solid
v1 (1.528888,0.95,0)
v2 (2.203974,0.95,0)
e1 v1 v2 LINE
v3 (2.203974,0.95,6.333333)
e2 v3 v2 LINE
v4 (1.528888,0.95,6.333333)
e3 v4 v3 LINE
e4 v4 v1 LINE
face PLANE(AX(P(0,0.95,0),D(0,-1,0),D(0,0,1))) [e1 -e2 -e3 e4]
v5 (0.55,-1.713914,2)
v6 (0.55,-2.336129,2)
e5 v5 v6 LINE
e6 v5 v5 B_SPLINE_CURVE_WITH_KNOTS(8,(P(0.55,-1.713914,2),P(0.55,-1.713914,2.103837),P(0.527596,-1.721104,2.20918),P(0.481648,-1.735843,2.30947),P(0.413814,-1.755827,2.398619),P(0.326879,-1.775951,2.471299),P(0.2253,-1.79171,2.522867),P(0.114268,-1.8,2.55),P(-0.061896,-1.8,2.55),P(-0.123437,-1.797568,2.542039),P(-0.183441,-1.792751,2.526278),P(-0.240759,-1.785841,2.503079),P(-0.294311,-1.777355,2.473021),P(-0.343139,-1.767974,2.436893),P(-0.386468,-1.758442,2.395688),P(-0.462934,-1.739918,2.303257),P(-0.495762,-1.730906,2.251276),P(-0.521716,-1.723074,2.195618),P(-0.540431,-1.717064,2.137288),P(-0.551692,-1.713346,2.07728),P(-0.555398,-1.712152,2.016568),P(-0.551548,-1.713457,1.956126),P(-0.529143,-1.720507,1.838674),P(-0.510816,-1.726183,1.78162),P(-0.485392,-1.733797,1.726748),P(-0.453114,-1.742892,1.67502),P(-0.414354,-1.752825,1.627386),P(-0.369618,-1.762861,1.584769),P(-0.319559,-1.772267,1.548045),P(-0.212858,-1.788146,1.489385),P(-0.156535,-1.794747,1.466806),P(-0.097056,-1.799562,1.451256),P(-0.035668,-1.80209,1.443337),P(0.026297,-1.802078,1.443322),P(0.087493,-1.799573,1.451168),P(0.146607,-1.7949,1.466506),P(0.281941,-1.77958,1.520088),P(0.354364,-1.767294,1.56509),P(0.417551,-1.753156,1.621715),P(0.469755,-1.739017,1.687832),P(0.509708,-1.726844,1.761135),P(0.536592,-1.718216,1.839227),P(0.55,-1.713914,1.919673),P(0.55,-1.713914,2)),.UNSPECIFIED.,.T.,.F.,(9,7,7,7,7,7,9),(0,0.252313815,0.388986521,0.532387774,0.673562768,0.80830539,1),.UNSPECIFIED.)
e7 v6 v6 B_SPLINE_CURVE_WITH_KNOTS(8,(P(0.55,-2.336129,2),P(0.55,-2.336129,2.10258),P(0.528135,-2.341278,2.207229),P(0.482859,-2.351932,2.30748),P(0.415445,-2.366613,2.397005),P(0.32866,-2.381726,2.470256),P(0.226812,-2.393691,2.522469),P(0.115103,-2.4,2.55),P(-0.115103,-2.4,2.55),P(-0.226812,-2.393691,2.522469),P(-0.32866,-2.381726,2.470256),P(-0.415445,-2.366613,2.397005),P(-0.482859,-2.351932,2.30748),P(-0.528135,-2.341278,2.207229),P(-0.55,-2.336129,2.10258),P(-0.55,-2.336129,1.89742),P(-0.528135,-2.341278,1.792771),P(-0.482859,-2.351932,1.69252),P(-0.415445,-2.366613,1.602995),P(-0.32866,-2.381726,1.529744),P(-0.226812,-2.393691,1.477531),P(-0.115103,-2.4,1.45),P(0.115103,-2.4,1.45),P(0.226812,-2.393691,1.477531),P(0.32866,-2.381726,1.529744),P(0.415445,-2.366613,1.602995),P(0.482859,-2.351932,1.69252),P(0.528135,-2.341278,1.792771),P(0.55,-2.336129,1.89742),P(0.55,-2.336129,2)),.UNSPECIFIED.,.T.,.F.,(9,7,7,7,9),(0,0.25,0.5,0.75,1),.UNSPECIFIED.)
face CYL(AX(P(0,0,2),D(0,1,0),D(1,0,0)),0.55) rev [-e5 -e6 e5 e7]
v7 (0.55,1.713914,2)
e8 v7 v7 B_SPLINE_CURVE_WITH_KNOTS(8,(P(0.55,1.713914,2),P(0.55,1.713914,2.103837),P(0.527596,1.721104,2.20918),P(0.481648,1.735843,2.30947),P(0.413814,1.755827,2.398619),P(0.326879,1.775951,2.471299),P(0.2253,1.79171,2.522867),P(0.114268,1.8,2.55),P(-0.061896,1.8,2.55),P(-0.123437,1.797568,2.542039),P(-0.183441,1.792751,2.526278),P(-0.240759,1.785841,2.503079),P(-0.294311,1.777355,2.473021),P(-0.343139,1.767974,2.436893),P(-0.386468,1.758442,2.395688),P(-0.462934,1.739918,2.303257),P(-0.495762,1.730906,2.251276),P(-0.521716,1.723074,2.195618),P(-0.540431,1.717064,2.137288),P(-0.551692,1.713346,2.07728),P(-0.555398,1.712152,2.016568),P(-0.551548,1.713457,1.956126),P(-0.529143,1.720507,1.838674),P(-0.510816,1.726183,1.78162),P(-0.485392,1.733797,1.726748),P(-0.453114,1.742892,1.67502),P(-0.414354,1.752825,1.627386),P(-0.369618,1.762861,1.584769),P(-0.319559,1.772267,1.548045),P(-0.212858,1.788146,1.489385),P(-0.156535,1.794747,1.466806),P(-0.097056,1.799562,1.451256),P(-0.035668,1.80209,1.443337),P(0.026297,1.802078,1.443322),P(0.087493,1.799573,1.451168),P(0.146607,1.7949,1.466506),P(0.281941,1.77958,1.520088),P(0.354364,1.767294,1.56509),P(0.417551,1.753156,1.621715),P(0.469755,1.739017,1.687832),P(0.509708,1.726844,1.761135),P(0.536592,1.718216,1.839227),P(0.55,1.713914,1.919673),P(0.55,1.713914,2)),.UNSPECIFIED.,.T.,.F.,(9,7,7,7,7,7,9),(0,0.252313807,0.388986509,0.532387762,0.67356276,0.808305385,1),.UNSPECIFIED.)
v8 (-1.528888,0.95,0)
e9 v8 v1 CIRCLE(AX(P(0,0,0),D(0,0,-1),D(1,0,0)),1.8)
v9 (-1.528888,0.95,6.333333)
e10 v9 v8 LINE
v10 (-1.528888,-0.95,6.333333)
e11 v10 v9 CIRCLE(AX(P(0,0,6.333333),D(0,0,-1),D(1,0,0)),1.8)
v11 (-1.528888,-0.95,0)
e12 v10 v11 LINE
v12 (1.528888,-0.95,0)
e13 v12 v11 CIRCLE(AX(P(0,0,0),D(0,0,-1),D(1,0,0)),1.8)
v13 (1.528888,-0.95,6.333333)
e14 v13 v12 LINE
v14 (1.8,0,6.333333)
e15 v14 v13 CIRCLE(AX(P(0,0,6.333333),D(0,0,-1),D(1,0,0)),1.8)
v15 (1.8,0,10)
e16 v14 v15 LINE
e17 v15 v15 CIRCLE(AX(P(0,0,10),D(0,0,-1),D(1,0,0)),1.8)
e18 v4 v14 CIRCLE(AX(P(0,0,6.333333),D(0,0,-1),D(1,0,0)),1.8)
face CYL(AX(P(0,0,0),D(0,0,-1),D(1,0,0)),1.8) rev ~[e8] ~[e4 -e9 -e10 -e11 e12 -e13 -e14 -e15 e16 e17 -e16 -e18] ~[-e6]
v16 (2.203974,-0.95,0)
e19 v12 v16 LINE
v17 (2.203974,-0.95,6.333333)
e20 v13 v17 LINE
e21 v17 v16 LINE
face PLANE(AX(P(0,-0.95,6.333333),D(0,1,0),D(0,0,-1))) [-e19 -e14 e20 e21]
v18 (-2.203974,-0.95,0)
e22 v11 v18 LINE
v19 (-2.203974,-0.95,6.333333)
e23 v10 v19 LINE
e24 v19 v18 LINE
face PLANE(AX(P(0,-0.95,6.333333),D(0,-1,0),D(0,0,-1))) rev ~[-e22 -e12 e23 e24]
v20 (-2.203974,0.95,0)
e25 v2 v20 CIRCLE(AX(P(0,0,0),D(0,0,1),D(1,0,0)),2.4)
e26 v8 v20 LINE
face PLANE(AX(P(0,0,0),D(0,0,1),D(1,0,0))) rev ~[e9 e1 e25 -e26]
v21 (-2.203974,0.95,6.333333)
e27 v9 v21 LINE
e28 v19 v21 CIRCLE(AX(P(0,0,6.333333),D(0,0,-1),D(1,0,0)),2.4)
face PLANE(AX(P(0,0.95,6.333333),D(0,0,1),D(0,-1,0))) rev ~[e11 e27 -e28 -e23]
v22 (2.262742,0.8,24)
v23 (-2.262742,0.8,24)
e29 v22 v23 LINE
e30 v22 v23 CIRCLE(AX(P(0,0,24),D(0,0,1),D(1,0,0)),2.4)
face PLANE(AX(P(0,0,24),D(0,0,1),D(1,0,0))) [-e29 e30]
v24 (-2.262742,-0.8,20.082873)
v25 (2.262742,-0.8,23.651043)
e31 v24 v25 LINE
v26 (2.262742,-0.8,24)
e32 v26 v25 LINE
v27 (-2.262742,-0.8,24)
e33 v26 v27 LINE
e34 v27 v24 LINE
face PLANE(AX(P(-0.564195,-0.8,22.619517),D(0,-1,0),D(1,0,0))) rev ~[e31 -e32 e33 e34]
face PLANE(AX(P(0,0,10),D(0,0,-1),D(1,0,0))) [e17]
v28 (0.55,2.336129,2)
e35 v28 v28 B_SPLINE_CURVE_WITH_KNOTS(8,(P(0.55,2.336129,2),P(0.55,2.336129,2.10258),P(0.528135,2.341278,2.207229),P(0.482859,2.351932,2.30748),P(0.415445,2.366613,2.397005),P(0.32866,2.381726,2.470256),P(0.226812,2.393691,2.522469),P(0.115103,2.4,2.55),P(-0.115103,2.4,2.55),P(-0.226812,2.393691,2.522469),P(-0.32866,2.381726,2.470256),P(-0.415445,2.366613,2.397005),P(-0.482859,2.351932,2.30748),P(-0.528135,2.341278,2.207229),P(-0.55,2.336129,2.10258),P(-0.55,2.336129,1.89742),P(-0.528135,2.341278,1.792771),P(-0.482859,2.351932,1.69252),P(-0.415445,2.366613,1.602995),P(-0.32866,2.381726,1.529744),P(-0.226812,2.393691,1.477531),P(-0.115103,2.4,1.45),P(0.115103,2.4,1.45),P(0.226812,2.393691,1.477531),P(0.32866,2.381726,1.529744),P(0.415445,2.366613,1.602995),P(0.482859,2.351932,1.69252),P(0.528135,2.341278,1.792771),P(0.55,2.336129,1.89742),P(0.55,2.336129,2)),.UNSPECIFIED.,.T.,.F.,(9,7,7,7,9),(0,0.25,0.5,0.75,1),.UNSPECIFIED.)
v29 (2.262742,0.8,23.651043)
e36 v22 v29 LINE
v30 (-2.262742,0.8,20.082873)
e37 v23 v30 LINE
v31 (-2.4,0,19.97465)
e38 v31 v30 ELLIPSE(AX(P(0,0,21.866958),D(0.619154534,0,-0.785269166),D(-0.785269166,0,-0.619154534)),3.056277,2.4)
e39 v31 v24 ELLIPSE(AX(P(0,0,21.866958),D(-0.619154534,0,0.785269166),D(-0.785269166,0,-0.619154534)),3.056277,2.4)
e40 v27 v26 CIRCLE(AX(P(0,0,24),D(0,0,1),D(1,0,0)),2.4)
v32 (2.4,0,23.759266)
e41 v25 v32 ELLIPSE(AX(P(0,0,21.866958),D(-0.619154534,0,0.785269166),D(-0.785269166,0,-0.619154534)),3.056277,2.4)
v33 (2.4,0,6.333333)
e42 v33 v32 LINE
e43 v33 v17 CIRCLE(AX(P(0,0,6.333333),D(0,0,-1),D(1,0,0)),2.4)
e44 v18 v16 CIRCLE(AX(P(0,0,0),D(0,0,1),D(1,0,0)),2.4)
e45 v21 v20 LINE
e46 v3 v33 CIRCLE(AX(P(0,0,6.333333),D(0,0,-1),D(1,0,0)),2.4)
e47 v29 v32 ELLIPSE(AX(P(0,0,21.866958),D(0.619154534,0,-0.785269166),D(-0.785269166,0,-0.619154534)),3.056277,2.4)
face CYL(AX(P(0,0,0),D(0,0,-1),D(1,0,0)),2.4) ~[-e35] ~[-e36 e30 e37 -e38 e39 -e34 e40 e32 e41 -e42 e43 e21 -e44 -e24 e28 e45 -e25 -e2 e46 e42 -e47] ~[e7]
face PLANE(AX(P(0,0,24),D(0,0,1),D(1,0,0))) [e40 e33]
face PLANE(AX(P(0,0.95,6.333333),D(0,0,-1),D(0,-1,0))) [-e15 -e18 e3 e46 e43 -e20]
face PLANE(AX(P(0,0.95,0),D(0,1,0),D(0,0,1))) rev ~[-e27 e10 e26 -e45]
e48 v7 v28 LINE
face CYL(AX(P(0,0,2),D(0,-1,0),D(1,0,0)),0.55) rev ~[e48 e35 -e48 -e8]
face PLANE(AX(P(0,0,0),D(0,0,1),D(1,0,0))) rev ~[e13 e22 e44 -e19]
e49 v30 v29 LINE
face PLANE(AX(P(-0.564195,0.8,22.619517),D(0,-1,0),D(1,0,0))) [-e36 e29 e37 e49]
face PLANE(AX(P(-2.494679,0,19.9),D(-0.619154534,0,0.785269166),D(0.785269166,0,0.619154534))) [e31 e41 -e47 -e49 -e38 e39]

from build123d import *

# Parameters (mm, degrees)
F0_R          = 2.4
F1_DEPTH      = 24
F2_R          = 1.8
F3_DEPTH      = 10
F5_DEPTH      = 25
F5_DEPTH_BACK = 25
F7_DEPTH      = 0.8
F7_DEPTH_BACK = 0.8
F8_R          = 0.55
F9_DEPTH      = 2.401
F9_DEPTH_BACK = 2.401


with BuildPart() as f1:
    # F0 (on Top) → F1 (new body)
    with BuildSketch(Plane.XY):
        Circle(F0_R)
    extrude(amount=F1_DEPTH)

    # F2 (on face) → F3 (cut)
    with BuildSketch(Plane(origin=(0, 0, 0), x_dir=(1, 0, 0), z_dir=(0, 0, -1))):
        Circle(F2_R)
    extrude(amount=-F3_DEPTH, mode=Mode.SUBTRACT)

    # F4 (on Right) → F5 (cut, two sides)
    with BuildSketch(Plane.YZ) as f5_sk:
        Polygon((-0.95, 0), (0.95, 0), (0.95, 6.3333333333), (0, 6.3333333333), (-0.95, 6.3333333333), align=None)
    extrude(amount=-F5_DEPTH, mode=Mode.SUBTRACT)
    extrude(f5_sk.sketch, amount=F5_DEPTH_BACK, mode=Mode.SUBTRACT)

    # F6 (on Front) → F7 (cut, two sides)
    with BuildSketch(Plane.XZ) as f7_sk:
        Polygon((-2.4, 24), (-2.4946786115, 24), (-2.4946786115, 19.9), (2.7053213885, 24), (2.4, 24), align=None)
    extrude(amount=F7_DEPTH, mode=Mode.SUBTRACT)
    extrude(f7_sk.sketch, amount=-F7_DEPTH_BACK, mode=Mode.SUBTRACT)

    # F8 (on Front) → F9 (cut, two sides)
    with BuildSketch(Plane.XZ) as f9_sk:
        with Locations((0, 2)):
            Circle(F8_R)
    extrude(amount=-F9_DEPTH, mode=Mode.SUBTRACT)
    extrude(f9_sk.sketch, amount=F9_DEPTH_BACK, mode=Mode.SUBTRACT)


solid = f1.part
